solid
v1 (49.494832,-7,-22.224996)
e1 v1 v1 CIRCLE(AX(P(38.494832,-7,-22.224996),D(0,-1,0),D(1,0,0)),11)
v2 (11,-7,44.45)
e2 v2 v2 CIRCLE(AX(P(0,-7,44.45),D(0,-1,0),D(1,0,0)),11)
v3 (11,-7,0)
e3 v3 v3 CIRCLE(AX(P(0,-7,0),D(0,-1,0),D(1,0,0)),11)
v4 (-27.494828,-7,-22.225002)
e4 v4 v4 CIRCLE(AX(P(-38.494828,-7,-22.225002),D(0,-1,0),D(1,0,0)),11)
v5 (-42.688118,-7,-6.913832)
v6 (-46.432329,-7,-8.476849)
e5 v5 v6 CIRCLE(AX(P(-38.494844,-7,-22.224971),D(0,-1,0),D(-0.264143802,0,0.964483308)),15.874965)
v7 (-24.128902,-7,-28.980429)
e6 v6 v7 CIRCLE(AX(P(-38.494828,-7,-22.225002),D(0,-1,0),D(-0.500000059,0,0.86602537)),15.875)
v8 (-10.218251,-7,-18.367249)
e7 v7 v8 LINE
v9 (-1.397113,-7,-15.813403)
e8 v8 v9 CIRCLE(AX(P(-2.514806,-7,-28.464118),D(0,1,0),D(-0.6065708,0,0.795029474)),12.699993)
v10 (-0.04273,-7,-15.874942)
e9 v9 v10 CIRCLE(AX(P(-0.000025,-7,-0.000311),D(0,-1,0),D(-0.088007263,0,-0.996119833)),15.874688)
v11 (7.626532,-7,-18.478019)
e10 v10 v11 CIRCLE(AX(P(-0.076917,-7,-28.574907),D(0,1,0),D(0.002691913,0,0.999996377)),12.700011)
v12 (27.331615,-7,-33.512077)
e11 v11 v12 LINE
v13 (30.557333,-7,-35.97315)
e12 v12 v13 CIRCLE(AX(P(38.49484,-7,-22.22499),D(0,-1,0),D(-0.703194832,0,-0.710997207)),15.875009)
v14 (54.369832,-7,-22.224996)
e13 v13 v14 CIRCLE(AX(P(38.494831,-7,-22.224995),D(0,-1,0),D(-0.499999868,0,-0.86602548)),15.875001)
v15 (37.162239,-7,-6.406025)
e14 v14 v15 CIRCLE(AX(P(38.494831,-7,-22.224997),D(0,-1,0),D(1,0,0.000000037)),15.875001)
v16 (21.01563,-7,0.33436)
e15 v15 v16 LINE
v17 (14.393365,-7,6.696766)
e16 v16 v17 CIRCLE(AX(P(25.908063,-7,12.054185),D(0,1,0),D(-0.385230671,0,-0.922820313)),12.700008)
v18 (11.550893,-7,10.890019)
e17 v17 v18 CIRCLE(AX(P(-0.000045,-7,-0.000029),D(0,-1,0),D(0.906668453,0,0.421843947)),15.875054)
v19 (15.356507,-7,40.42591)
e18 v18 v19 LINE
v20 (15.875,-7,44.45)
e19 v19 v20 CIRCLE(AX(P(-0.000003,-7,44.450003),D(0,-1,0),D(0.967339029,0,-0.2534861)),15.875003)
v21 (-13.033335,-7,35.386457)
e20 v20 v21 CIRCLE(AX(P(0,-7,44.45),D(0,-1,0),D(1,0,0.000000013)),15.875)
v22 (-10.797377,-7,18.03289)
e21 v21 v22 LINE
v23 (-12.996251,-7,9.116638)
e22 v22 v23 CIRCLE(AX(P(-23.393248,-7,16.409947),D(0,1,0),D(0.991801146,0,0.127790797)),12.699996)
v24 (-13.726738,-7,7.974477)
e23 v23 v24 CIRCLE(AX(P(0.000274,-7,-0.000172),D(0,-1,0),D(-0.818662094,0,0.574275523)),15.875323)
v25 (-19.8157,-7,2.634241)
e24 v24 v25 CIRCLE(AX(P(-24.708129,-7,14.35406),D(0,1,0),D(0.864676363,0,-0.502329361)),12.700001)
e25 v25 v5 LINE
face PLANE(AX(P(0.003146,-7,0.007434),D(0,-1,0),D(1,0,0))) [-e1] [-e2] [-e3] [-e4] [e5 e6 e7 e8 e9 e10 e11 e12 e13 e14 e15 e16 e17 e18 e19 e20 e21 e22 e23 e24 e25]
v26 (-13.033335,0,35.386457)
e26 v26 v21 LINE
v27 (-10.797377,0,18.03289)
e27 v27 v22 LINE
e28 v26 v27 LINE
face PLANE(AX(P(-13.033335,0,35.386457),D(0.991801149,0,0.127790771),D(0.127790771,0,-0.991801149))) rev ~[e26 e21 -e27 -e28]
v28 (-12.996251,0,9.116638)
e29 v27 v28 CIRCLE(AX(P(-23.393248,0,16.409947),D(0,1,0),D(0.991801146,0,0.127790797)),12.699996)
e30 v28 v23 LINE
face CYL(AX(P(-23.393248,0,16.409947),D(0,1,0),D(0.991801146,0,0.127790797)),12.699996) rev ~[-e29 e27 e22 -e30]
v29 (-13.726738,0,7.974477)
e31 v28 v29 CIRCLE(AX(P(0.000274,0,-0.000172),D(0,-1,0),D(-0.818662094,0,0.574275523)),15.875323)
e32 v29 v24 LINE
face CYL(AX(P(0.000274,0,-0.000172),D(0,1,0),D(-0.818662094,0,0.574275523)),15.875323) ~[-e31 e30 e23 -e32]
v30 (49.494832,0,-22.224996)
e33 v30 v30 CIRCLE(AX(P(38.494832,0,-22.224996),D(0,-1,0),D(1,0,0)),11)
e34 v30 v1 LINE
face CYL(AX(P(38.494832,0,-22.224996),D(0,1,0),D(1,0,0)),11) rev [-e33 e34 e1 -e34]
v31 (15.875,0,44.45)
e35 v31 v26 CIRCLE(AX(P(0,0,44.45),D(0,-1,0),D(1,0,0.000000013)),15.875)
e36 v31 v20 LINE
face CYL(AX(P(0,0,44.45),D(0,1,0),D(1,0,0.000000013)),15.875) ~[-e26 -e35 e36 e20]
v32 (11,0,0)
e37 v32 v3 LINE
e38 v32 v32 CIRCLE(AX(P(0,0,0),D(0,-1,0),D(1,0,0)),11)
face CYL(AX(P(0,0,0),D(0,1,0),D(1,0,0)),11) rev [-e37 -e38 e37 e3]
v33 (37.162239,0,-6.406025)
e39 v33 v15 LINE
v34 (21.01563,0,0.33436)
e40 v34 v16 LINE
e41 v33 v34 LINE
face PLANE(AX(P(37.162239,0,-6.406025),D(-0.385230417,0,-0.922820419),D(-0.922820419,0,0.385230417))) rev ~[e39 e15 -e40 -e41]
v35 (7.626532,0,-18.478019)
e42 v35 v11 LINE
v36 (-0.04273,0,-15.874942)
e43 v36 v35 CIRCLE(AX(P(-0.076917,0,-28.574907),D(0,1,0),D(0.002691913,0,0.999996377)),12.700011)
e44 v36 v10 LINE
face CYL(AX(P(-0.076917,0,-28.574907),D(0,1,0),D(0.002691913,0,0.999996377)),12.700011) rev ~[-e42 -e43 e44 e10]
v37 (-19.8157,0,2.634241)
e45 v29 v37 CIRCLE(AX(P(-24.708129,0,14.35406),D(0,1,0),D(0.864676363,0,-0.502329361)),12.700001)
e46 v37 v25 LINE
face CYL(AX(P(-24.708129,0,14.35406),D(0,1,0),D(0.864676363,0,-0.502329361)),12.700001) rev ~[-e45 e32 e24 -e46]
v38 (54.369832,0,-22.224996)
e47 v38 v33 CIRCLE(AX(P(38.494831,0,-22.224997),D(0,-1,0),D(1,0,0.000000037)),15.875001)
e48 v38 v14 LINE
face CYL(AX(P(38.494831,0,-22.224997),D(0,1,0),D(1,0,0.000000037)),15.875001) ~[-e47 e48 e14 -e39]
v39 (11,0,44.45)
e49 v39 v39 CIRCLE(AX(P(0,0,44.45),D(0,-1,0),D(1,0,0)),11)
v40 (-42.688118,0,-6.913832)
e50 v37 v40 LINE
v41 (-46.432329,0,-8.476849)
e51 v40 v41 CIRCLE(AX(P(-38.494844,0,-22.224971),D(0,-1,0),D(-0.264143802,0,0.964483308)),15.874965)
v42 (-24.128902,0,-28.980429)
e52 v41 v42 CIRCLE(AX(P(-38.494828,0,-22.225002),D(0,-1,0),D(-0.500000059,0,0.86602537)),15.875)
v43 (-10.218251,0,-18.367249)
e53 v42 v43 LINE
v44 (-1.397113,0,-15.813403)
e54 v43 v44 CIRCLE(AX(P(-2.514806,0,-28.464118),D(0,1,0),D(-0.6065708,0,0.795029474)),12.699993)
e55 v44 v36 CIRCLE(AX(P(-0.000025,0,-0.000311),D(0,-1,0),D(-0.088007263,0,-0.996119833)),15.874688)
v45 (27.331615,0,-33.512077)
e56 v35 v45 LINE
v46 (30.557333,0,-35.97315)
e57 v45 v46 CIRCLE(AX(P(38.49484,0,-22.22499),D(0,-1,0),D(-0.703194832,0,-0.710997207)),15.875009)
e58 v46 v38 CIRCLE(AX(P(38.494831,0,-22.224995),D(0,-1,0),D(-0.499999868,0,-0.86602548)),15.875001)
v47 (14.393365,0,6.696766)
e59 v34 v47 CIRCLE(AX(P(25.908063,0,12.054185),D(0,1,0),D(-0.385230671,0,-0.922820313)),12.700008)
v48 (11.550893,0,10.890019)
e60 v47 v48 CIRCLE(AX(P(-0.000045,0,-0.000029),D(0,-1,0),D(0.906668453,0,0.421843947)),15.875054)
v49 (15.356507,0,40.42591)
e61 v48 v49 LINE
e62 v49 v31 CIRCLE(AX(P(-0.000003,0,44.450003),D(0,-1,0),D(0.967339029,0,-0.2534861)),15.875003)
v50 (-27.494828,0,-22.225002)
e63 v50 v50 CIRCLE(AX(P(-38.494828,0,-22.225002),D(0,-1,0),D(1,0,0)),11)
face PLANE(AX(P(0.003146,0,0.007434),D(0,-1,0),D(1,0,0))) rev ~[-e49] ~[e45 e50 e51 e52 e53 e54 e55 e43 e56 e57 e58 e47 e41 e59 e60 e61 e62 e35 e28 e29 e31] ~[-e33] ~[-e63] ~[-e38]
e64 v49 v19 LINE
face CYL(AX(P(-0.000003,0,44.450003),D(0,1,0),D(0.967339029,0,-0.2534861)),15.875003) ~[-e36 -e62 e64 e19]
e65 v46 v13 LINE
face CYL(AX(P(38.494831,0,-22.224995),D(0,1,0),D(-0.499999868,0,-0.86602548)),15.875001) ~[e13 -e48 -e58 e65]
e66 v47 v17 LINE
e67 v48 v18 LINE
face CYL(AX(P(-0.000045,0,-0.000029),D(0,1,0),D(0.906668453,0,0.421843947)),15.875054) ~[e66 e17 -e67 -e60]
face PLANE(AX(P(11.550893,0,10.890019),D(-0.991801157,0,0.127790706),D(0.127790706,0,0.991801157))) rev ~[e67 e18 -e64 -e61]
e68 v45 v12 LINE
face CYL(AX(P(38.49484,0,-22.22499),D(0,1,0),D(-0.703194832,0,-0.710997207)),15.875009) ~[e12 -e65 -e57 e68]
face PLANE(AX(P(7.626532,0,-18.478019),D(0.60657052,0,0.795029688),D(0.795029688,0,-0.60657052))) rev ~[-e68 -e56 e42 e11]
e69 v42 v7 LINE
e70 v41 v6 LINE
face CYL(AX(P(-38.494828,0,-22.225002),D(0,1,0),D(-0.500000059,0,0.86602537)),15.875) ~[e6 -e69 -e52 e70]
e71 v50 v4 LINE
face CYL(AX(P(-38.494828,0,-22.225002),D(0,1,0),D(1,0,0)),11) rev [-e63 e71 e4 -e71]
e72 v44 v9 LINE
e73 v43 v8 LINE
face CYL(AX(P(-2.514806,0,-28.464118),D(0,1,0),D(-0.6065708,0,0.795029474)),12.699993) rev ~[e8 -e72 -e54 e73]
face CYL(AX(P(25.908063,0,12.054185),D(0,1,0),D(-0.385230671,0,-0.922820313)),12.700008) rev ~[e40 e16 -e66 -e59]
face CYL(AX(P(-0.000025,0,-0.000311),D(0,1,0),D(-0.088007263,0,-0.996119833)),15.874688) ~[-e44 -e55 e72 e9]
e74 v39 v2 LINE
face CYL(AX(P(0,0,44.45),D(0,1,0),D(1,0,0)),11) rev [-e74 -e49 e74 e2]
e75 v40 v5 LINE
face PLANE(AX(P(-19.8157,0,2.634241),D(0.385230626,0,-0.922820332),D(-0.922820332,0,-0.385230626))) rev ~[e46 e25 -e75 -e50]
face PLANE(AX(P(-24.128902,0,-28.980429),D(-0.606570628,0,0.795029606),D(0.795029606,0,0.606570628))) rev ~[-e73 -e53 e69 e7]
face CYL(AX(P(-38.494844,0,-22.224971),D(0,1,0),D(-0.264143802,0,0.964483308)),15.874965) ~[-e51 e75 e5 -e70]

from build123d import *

# Parameters (mm, degrees)
F0_R     = 11
F1_DEPTH = 7


with BuildPart() as f1:
    # F0 (on Front) → F1 (new body)
    with BuildSketch(Plane.XZ):
        with BuildLine():
            ThreePointArc((-10.218251, -18.367249), (-6.0466, -16.265091), (-1.397113, -15.813403))
            ThreePointArc((-1.397113, -15.813403), (-0.720579, -15.858638), (-0.04273, -15.874942))
            ThreePointArc((-0.04273, -15.874942), (4.004964, -16.548747), (7.626532, -18.478019))
            Line((7.626532, -18.478019), (27.331615, -33.512077))
            ThreePointArc((27.331615, -33.512077), (23.570998, -16.812529), (37.162239, -6.406025))
            Line((37.162239, -6.406025), (21.01563, 0.33436))
            ThreePointArc((21.01563, 0.33436), (17.109282, 2.896038), (14.393365, 6.696766))
            ThreePointArc((14.393365, 6.696766), (13.14047, 8.907506), (11.550893, 10.890019))
            Line((11.550893, 10.890019), (15.356507, 40.42591))
            ThreePointArc((15.356507, 40.42591), (2.774582, 28.819347), (-13.033335, 35.386457))
            Line((-13.033335, 35.386457), (-10.797377, 18.03289))
            ThreePointArc((-10.797377, 18.03289), (-11.062681, 13.369055), (-12.996251, 9.116638))
            ThreePointArc((-12.996251, 9.116638), (-13.373693, 8.553359), (-13.726738, 7.974477))
            ThreePointArc((-13.726738, 7.974477), (-16.334117, 4.805974), (-19.8157, 2.634241))
            Line((-19.8157, 2.634241), (-42.688118, -6.913832))
            ThreePointArc((-42.688118, -6.913832), (-28.86552, -9.603907), (-22.619828, -22.225002))
            ThreePointArc((-22.619828, -22.225002), (-23.001689, -25.685967), (-24.128902, -28.980429))
            Line((-24.128902, -28.980429), (-10.218251, -18.367249))
        make_face()
        Circle(F0_R, mode=Mode.SUBTRACT)
        with BuildLine():
            ThreePointArc((-46.432329, -8.476849), (-49.23868, -33.911972), (-24.128902, -28.980429))
            ThreePointArc((-24.128902, -28.980429), (-23.001689, -25.685967), (-22.619828, -22.225002))
            ThreePointArc((-22.619828, -22.225002), (-28.86552, -9.603907), (-42.688118, -6.913832))
            Line((-42.688118, -6.913832), (-46.432329, -8.476849))
        make_face()
        with Locations((-38.494828, -22.225002)):
            Circle(F0_R, mode=Mode.SUBTRACT)
        with BuildLine():
            ThreePointArc((37.162239, -6.406025), (23.570998, -16.812529), (27.331615, -33.512077))
            Line((27.331615, -33.512077), (30.557333, -35.97315))
            ThreePointArc((30.557333, -35.97315), (46.432333, -35.973148), (54.369832, -22.224996))
            ThreePointArc((54.369832, -22.224996), (49.238684, -10.538026), (37.162239, -6.406025))
        make_face()
        with Locations((38.494832, -22.224996)):
            Circle(F0_R, mode=Mode.SUBTRACT)
        with BuildLine():
            Line((30.557333, -35.97315), (27.331615, -33.512077))
            ThreePointArc((27.331615, -33.512077), (28.865525, -34.846092), (30.557333, -35.97315))
        make_face()
        with BuildLine():
            ThreePointArc((-42.688118, -6.913832), (-44.610364, -7.575229), (-46.432329, -8.476849))
            Line((-46.432329, -8.476849), (-42.688118, -6.913832))
        make_face()
        with BuildLine():
            Line((15.875, 44.45), (15.356507, 40.42591))
            ThreePointArc((15.356507, 40.42591), (15.744843, 42.421322), (15.875, 44.45))
        make_face()
        with BuildLine():
            ThreePointArc((-13.033335, 35.386457), (2.774582, 28.819347), (15.356507, 40.42591))
            Line((15.356507, 40.42591), (15.875, 44.45))
            ThreePointArc((15.875, 44.45), (-4.749286, 59.597934), (-13.033335, 35.386457))
        make_face()
        with Locations((0, 44.45)):
            Circle(F0_R, mode=Mode.SUBTRACT)
    extrude(amount=F1_DEPTH)


solid = f1.part
